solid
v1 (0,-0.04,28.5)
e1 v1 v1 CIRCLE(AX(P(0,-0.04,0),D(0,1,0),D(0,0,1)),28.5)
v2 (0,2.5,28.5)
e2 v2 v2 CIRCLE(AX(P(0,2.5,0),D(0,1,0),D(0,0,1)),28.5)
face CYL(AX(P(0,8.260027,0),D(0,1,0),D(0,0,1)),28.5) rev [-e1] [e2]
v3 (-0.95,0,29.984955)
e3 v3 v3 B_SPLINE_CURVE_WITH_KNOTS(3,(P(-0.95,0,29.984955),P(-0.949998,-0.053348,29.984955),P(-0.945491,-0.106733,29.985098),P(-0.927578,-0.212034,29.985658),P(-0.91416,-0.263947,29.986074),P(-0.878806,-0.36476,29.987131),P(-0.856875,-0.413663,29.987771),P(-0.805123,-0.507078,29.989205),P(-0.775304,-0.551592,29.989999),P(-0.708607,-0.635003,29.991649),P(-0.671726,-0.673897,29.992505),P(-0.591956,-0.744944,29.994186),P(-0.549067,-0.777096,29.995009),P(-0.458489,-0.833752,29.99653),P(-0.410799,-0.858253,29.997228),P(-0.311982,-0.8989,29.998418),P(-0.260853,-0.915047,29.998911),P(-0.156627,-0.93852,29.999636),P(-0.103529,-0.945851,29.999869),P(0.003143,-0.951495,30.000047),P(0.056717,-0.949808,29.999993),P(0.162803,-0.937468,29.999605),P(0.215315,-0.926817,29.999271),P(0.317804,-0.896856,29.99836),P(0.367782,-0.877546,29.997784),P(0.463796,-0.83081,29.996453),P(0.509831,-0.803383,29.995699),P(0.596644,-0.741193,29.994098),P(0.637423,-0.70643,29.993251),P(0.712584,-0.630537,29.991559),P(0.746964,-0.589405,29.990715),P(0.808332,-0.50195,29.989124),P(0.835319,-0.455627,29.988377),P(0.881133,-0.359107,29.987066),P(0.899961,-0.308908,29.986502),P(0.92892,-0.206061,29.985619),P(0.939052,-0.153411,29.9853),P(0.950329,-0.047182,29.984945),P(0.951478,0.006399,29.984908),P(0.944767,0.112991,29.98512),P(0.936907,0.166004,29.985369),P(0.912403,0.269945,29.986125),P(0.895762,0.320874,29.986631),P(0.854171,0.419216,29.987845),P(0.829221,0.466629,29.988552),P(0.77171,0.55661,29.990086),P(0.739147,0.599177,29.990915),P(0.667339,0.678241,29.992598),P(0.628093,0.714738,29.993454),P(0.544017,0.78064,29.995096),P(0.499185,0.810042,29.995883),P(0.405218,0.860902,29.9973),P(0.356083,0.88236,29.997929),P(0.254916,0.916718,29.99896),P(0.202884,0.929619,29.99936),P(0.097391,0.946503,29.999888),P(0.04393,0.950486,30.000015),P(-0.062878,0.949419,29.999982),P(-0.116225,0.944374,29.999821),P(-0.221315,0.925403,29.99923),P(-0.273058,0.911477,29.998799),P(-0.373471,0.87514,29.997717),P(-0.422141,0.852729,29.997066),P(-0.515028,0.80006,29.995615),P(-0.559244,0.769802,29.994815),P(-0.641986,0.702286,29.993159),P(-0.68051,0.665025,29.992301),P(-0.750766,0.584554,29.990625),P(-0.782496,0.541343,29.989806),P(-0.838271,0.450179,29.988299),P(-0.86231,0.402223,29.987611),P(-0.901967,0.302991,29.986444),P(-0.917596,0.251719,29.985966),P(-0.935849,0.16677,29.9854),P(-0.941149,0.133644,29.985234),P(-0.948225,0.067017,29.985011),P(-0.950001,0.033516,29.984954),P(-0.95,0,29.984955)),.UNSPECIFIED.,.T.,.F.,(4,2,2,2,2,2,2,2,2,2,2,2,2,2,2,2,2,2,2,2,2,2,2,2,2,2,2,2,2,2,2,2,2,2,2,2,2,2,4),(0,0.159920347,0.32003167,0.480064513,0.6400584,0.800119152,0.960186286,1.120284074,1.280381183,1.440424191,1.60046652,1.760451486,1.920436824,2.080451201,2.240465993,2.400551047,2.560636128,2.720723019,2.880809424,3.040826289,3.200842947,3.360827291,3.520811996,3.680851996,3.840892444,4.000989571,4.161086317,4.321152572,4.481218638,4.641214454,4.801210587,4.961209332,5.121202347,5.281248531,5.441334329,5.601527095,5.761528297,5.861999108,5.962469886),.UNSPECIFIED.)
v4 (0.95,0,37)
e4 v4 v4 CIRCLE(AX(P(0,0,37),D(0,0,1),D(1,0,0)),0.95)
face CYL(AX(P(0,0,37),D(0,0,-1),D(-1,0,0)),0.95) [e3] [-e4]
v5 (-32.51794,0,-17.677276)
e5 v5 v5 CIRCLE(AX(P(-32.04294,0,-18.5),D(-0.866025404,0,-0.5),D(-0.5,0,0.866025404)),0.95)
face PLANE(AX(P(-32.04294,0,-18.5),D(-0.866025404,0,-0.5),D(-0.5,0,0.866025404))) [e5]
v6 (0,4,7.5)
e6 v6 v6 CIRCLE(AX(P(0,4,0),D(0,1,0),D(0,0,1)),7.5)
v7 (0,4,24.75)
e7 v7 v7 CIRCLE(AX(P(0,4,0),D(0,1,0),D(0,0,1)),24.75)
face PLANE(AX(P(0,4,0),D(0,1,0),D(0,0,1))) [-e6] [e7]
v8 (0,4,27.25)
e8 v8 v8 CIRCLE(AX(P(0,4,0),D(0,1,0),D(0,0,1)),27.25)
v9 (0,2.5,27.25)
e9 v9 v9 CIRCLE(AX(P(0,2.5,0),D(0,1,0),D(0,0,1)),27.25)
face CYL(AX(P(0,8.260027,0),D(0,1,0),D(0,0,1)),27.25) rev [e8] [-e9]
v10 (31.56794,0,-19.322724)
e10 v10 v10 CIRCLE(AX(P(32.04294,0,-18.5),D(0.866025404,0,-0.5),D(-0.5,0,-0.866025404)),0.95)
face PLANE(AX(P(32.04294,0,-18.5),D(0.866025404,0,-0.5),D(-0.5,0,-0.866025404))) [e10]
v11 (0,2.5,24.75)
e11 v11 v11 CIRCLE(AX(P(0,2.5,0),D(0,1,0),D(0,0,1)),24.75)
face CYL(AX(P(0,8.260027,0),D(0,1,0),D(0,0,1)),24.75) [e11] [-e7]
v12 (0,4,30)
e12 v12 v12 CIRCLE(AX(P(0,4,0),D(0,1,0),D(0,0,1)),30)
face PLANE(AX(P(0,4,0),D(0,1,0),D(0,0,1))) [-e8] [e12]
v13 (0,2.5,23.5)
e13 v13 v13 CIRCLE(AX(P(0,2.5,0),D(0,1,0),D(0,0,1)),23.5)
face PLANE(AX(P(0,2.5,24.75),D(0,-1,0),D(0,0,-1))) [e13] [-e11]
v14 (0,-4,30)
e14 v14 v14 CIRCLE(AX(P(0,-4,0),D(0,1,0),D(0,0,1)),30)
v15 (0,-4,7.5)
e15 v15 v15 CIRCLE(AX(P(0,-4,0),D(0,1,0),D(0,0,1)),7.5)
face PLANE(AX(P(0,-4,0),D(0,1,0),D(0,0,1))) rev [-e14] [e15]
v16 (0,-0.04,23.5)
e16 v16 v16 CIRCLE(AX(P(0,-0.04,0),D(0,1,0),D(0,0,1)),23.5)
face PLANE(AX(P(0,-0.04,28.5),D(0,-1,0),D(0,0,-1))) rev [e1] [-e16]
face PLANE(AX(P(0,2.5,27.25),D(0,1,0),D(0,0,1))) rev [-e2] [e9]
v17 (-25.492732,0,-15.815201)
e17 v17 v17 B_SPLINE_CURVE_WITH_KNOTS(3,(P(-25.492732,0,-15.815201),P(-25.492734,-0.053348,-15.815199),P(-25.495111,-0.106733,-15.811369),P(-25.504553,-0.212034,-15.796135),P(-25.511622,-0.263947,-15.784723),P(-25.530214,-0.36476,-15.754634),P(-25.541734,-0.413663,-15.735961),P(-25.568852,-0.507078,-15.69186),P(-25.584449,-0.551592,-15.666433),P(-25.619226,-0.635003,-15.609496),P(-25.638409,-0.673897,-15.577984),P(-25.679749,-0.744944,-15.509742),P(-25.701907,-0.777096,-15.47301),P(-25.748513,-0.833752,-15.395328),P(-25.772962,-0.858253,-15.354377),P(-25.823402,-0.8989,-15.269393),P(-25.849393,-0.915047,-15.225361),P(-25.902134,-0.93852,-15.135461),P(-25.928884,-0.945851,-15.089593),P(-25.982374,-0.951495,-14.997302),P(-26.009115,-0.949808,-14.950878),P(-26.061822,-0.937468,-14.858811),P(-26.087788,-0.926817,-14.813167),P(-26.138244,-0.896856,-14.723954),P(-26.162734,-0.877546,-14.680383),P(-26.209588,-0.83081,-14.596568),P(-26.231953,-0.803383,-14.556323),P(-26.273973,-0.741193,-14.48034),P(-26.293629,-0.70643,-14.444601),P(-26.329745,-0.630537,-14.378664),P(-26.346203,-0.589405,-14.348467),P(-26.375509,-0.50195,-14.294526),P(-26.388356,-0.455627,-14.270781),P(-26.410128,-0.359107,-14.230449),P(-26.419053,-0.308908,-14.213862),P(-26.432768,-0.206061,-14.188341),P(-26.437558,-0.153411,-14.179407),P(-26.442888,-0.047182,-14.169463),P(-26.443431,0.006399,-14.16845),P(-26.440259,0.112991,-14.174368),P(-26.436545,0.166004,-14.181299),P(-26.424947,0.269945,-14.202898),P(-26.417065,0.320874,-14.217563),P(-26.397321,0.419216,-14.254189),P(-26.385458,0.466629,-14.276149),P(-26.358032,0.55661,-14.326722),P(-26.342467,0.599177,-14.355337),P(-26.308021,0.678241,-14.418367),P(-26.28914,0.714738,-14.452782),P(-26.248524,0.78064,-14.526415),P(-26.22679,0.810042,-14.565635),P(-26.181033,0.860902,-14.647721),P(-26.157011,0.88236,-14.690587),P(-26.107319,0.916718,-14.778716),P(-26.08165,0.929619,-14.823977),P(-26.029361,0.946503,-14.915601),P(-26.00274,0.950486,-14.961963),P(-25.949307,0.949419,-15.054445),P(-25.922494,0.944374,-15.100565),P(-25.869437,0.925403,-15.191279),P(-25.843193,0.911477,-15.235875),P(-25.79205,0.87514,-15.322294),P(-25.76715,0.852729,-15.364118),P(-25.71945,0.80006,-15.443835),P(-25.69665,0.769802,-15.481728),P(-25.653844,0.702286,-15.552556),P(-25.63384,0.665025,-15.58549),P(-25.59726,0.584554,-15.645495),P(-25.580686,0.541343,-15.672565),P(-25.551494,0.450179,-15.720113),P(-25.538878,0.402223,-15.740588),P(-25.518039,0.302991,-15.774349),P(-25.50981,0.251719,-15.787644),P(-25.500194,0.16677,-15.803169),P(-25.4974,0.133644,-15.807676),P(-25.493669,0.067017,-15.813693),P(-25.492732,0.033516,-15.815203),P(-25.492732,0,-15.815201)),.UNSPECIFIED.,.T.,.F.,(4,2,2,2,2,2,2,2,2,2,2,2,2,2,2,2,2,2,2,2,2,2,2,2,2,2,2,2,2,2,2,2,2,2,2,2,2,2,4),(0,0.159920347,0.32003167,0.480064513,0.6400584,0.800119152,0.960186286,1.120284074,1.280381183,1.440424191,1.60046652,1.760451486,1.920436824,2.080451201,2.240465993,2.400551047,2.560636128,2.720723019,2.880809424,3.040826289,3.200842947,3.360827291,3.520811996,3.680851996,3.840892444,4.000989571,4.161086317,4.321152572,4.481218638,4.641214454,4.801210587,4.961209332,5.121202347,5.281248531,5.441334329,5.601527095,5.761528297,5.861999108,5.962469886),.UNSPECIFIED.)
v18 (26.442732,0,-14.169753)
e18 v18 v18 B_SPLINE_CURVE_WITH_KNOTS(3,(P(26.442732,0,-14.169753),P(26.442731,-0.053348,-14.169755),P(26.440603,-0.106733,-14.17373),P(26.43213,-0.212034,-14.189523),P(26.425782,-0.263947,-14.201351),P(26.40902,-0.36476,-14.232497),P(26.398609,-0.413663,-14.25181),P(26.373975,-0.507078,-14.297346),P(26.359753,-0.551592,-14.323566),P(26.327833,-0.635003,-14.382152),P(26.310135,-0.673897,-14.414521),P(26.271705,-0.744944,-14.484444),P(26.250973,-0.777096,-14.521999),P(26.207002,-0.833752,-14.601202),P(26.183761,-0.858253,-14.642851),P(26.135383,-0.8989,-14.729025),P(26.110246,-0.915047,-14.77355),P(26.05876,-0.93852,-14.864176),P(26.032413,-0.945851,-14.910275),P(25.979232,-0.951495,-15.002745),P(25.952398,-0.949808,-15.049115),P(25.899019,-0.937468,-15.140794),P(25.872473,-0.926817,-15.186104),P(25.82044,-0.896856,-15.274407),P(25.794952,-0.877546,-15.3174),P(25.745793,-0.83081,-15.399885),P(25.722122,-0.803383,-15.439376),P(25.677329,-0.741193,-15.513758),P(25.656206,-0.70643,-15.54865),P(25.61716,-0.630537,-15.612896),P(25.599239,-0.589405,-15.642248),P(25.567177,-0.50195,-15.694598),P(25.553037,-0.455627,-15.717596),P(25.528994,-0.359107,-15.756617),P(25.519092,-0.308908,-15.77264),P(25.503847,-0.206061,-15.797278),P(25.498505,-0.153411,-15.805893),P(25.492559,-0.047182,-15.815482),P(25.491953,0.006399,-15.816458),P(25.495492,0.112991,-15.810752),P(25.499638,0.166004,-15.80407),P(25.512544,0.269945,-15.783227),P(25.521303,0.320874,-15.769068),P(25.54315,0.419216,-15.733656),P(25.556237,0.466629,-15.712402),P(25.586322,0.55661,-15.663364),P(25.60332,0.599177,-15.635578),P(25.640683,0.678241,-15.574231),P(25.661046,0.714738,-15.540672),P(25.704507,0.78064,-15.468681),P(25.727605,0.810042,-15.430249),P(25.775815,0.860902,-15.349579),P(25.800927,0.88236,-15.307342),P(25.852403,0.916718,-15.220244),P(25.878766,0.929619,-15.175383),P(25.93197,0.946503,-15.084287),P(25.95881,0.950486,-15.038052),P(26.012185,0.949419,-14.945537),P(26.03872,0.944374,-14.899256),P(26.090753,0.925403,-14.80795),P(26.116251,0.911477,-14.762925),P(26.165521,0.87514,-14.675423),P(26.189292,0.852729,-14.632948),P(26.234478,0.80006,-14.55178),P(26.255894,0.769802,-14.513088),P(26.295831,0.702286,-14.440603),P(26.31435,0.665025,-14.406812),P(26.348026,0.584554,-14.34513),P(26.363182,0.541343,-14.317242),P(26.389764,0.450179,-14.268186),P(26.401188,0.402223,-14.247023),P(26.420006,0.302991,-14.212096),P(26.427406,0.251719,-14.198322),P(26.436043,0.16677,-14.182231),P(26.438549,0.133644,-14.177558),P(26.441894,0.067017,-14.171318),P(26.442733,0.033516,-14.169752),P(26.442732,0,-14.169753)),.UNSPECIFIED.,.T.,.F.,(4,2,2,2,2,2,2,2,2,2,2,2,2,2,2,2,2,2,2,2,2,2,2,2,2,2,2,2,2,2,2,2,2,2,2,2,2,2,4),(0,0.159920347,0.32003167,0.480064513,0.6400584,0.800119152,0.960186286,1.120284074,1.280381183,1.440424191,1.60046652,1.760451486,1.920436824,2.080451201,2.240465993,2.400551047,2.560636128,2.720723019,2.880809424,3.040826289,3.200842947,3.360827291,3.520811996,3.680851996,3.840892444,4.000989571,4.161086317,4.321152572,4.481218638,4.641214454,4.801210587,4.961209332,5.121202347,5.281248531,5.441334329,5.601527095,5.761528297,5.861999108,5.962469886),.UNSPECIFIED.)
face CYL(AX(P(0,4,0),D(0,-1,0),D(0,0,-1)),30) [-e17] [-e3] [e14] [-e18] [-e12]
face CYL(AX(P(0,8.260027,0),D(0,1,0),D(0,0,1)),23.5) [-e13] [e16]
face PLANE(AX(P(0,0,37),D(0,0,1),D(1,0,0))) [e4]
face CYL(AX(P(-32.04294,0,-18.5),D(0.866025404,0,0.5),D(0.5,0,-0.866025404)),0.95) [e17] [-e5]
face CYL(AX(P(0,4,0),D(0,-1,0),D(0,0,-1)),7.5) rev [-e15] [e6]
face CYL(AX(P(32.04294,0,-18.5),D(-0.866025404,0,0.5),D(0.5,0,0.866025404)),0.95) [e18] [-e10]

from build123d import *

# Parameters (mm, degrees)
SKETCH1_R           = 30
SKETCH1_R_2         = 7.5
BOSS_EXTRUDE1_DEPTH = 4
BOSS_EXTRUDE2_START = 29
SKETCH3_R           = 0.95
BOSS_EXTRUDE2_DEPTH = 8
CIRPATTERN1_COUNT   = 3


with BuildPart() as part:
    # Sketch1 → Boss-Extrude1 (new, symmetric)
    with BuildSketch(Plane(origin=(0, 0, 0), x_dir=(1, 0, 0), z_dir=(0, 1, 0))):
        with Locations(Location((0, 0, 0), (0, 0, 270))):
            Circle(SKETCH1_R)
        with Locations(Location((0, 0, 0), (0, 0, 270))):
            Circle(SKETCH1_R_2, mode=Mode.SUBTRACT)
    extrude(amount=BOSS_EXTRUDE1_DEPTH, both=True)

    # Sketch2 → Cut-Revolve2 (revolve, cut)
    with BuildSketch(Plane(origin=(0, 0, 0), x_dir=(0, 0, -1), z_dir=(1, 0, 0))):
        Polygon((-27.25, 4), (-24.75, 4), (-24.75, 2.5), (-23.5, 2.5), (-23.5, -0.04), (-28.5, -0.04), (-28.5, 2.5), (-27.25, 2.5), align=None)
    revolve(axis=Axis((0, 8.260026976, 0), (0, -1, 0)), mode=Mode.SUBTRACT)

    # Sketch3 → Boss-Extrude2 (add)
    with BuildSketch(Plane.XY.offset(BOSS_EXTRUDE2_START)):
        with Locations(Location((0, 0, 0), (0, 0, 180))):
            Circle(SKETCH3_R)
    boss_extrude2 = extrude(amount=BOSS_EXTRUDE2_DEPTH)

    # CirPattern1: Boss-Extrude2 ×3 about axis
    cirpattern1_axis = Axis((0, 0, 0), (0, 1, 0))
    for i in range(1, CIRPATTERN1_COUNT):
        add(boss_extrude2.rotate(cirpattern1_axis, i * 360 / CIRPATTERN1_COUNT))


solid = part.part
